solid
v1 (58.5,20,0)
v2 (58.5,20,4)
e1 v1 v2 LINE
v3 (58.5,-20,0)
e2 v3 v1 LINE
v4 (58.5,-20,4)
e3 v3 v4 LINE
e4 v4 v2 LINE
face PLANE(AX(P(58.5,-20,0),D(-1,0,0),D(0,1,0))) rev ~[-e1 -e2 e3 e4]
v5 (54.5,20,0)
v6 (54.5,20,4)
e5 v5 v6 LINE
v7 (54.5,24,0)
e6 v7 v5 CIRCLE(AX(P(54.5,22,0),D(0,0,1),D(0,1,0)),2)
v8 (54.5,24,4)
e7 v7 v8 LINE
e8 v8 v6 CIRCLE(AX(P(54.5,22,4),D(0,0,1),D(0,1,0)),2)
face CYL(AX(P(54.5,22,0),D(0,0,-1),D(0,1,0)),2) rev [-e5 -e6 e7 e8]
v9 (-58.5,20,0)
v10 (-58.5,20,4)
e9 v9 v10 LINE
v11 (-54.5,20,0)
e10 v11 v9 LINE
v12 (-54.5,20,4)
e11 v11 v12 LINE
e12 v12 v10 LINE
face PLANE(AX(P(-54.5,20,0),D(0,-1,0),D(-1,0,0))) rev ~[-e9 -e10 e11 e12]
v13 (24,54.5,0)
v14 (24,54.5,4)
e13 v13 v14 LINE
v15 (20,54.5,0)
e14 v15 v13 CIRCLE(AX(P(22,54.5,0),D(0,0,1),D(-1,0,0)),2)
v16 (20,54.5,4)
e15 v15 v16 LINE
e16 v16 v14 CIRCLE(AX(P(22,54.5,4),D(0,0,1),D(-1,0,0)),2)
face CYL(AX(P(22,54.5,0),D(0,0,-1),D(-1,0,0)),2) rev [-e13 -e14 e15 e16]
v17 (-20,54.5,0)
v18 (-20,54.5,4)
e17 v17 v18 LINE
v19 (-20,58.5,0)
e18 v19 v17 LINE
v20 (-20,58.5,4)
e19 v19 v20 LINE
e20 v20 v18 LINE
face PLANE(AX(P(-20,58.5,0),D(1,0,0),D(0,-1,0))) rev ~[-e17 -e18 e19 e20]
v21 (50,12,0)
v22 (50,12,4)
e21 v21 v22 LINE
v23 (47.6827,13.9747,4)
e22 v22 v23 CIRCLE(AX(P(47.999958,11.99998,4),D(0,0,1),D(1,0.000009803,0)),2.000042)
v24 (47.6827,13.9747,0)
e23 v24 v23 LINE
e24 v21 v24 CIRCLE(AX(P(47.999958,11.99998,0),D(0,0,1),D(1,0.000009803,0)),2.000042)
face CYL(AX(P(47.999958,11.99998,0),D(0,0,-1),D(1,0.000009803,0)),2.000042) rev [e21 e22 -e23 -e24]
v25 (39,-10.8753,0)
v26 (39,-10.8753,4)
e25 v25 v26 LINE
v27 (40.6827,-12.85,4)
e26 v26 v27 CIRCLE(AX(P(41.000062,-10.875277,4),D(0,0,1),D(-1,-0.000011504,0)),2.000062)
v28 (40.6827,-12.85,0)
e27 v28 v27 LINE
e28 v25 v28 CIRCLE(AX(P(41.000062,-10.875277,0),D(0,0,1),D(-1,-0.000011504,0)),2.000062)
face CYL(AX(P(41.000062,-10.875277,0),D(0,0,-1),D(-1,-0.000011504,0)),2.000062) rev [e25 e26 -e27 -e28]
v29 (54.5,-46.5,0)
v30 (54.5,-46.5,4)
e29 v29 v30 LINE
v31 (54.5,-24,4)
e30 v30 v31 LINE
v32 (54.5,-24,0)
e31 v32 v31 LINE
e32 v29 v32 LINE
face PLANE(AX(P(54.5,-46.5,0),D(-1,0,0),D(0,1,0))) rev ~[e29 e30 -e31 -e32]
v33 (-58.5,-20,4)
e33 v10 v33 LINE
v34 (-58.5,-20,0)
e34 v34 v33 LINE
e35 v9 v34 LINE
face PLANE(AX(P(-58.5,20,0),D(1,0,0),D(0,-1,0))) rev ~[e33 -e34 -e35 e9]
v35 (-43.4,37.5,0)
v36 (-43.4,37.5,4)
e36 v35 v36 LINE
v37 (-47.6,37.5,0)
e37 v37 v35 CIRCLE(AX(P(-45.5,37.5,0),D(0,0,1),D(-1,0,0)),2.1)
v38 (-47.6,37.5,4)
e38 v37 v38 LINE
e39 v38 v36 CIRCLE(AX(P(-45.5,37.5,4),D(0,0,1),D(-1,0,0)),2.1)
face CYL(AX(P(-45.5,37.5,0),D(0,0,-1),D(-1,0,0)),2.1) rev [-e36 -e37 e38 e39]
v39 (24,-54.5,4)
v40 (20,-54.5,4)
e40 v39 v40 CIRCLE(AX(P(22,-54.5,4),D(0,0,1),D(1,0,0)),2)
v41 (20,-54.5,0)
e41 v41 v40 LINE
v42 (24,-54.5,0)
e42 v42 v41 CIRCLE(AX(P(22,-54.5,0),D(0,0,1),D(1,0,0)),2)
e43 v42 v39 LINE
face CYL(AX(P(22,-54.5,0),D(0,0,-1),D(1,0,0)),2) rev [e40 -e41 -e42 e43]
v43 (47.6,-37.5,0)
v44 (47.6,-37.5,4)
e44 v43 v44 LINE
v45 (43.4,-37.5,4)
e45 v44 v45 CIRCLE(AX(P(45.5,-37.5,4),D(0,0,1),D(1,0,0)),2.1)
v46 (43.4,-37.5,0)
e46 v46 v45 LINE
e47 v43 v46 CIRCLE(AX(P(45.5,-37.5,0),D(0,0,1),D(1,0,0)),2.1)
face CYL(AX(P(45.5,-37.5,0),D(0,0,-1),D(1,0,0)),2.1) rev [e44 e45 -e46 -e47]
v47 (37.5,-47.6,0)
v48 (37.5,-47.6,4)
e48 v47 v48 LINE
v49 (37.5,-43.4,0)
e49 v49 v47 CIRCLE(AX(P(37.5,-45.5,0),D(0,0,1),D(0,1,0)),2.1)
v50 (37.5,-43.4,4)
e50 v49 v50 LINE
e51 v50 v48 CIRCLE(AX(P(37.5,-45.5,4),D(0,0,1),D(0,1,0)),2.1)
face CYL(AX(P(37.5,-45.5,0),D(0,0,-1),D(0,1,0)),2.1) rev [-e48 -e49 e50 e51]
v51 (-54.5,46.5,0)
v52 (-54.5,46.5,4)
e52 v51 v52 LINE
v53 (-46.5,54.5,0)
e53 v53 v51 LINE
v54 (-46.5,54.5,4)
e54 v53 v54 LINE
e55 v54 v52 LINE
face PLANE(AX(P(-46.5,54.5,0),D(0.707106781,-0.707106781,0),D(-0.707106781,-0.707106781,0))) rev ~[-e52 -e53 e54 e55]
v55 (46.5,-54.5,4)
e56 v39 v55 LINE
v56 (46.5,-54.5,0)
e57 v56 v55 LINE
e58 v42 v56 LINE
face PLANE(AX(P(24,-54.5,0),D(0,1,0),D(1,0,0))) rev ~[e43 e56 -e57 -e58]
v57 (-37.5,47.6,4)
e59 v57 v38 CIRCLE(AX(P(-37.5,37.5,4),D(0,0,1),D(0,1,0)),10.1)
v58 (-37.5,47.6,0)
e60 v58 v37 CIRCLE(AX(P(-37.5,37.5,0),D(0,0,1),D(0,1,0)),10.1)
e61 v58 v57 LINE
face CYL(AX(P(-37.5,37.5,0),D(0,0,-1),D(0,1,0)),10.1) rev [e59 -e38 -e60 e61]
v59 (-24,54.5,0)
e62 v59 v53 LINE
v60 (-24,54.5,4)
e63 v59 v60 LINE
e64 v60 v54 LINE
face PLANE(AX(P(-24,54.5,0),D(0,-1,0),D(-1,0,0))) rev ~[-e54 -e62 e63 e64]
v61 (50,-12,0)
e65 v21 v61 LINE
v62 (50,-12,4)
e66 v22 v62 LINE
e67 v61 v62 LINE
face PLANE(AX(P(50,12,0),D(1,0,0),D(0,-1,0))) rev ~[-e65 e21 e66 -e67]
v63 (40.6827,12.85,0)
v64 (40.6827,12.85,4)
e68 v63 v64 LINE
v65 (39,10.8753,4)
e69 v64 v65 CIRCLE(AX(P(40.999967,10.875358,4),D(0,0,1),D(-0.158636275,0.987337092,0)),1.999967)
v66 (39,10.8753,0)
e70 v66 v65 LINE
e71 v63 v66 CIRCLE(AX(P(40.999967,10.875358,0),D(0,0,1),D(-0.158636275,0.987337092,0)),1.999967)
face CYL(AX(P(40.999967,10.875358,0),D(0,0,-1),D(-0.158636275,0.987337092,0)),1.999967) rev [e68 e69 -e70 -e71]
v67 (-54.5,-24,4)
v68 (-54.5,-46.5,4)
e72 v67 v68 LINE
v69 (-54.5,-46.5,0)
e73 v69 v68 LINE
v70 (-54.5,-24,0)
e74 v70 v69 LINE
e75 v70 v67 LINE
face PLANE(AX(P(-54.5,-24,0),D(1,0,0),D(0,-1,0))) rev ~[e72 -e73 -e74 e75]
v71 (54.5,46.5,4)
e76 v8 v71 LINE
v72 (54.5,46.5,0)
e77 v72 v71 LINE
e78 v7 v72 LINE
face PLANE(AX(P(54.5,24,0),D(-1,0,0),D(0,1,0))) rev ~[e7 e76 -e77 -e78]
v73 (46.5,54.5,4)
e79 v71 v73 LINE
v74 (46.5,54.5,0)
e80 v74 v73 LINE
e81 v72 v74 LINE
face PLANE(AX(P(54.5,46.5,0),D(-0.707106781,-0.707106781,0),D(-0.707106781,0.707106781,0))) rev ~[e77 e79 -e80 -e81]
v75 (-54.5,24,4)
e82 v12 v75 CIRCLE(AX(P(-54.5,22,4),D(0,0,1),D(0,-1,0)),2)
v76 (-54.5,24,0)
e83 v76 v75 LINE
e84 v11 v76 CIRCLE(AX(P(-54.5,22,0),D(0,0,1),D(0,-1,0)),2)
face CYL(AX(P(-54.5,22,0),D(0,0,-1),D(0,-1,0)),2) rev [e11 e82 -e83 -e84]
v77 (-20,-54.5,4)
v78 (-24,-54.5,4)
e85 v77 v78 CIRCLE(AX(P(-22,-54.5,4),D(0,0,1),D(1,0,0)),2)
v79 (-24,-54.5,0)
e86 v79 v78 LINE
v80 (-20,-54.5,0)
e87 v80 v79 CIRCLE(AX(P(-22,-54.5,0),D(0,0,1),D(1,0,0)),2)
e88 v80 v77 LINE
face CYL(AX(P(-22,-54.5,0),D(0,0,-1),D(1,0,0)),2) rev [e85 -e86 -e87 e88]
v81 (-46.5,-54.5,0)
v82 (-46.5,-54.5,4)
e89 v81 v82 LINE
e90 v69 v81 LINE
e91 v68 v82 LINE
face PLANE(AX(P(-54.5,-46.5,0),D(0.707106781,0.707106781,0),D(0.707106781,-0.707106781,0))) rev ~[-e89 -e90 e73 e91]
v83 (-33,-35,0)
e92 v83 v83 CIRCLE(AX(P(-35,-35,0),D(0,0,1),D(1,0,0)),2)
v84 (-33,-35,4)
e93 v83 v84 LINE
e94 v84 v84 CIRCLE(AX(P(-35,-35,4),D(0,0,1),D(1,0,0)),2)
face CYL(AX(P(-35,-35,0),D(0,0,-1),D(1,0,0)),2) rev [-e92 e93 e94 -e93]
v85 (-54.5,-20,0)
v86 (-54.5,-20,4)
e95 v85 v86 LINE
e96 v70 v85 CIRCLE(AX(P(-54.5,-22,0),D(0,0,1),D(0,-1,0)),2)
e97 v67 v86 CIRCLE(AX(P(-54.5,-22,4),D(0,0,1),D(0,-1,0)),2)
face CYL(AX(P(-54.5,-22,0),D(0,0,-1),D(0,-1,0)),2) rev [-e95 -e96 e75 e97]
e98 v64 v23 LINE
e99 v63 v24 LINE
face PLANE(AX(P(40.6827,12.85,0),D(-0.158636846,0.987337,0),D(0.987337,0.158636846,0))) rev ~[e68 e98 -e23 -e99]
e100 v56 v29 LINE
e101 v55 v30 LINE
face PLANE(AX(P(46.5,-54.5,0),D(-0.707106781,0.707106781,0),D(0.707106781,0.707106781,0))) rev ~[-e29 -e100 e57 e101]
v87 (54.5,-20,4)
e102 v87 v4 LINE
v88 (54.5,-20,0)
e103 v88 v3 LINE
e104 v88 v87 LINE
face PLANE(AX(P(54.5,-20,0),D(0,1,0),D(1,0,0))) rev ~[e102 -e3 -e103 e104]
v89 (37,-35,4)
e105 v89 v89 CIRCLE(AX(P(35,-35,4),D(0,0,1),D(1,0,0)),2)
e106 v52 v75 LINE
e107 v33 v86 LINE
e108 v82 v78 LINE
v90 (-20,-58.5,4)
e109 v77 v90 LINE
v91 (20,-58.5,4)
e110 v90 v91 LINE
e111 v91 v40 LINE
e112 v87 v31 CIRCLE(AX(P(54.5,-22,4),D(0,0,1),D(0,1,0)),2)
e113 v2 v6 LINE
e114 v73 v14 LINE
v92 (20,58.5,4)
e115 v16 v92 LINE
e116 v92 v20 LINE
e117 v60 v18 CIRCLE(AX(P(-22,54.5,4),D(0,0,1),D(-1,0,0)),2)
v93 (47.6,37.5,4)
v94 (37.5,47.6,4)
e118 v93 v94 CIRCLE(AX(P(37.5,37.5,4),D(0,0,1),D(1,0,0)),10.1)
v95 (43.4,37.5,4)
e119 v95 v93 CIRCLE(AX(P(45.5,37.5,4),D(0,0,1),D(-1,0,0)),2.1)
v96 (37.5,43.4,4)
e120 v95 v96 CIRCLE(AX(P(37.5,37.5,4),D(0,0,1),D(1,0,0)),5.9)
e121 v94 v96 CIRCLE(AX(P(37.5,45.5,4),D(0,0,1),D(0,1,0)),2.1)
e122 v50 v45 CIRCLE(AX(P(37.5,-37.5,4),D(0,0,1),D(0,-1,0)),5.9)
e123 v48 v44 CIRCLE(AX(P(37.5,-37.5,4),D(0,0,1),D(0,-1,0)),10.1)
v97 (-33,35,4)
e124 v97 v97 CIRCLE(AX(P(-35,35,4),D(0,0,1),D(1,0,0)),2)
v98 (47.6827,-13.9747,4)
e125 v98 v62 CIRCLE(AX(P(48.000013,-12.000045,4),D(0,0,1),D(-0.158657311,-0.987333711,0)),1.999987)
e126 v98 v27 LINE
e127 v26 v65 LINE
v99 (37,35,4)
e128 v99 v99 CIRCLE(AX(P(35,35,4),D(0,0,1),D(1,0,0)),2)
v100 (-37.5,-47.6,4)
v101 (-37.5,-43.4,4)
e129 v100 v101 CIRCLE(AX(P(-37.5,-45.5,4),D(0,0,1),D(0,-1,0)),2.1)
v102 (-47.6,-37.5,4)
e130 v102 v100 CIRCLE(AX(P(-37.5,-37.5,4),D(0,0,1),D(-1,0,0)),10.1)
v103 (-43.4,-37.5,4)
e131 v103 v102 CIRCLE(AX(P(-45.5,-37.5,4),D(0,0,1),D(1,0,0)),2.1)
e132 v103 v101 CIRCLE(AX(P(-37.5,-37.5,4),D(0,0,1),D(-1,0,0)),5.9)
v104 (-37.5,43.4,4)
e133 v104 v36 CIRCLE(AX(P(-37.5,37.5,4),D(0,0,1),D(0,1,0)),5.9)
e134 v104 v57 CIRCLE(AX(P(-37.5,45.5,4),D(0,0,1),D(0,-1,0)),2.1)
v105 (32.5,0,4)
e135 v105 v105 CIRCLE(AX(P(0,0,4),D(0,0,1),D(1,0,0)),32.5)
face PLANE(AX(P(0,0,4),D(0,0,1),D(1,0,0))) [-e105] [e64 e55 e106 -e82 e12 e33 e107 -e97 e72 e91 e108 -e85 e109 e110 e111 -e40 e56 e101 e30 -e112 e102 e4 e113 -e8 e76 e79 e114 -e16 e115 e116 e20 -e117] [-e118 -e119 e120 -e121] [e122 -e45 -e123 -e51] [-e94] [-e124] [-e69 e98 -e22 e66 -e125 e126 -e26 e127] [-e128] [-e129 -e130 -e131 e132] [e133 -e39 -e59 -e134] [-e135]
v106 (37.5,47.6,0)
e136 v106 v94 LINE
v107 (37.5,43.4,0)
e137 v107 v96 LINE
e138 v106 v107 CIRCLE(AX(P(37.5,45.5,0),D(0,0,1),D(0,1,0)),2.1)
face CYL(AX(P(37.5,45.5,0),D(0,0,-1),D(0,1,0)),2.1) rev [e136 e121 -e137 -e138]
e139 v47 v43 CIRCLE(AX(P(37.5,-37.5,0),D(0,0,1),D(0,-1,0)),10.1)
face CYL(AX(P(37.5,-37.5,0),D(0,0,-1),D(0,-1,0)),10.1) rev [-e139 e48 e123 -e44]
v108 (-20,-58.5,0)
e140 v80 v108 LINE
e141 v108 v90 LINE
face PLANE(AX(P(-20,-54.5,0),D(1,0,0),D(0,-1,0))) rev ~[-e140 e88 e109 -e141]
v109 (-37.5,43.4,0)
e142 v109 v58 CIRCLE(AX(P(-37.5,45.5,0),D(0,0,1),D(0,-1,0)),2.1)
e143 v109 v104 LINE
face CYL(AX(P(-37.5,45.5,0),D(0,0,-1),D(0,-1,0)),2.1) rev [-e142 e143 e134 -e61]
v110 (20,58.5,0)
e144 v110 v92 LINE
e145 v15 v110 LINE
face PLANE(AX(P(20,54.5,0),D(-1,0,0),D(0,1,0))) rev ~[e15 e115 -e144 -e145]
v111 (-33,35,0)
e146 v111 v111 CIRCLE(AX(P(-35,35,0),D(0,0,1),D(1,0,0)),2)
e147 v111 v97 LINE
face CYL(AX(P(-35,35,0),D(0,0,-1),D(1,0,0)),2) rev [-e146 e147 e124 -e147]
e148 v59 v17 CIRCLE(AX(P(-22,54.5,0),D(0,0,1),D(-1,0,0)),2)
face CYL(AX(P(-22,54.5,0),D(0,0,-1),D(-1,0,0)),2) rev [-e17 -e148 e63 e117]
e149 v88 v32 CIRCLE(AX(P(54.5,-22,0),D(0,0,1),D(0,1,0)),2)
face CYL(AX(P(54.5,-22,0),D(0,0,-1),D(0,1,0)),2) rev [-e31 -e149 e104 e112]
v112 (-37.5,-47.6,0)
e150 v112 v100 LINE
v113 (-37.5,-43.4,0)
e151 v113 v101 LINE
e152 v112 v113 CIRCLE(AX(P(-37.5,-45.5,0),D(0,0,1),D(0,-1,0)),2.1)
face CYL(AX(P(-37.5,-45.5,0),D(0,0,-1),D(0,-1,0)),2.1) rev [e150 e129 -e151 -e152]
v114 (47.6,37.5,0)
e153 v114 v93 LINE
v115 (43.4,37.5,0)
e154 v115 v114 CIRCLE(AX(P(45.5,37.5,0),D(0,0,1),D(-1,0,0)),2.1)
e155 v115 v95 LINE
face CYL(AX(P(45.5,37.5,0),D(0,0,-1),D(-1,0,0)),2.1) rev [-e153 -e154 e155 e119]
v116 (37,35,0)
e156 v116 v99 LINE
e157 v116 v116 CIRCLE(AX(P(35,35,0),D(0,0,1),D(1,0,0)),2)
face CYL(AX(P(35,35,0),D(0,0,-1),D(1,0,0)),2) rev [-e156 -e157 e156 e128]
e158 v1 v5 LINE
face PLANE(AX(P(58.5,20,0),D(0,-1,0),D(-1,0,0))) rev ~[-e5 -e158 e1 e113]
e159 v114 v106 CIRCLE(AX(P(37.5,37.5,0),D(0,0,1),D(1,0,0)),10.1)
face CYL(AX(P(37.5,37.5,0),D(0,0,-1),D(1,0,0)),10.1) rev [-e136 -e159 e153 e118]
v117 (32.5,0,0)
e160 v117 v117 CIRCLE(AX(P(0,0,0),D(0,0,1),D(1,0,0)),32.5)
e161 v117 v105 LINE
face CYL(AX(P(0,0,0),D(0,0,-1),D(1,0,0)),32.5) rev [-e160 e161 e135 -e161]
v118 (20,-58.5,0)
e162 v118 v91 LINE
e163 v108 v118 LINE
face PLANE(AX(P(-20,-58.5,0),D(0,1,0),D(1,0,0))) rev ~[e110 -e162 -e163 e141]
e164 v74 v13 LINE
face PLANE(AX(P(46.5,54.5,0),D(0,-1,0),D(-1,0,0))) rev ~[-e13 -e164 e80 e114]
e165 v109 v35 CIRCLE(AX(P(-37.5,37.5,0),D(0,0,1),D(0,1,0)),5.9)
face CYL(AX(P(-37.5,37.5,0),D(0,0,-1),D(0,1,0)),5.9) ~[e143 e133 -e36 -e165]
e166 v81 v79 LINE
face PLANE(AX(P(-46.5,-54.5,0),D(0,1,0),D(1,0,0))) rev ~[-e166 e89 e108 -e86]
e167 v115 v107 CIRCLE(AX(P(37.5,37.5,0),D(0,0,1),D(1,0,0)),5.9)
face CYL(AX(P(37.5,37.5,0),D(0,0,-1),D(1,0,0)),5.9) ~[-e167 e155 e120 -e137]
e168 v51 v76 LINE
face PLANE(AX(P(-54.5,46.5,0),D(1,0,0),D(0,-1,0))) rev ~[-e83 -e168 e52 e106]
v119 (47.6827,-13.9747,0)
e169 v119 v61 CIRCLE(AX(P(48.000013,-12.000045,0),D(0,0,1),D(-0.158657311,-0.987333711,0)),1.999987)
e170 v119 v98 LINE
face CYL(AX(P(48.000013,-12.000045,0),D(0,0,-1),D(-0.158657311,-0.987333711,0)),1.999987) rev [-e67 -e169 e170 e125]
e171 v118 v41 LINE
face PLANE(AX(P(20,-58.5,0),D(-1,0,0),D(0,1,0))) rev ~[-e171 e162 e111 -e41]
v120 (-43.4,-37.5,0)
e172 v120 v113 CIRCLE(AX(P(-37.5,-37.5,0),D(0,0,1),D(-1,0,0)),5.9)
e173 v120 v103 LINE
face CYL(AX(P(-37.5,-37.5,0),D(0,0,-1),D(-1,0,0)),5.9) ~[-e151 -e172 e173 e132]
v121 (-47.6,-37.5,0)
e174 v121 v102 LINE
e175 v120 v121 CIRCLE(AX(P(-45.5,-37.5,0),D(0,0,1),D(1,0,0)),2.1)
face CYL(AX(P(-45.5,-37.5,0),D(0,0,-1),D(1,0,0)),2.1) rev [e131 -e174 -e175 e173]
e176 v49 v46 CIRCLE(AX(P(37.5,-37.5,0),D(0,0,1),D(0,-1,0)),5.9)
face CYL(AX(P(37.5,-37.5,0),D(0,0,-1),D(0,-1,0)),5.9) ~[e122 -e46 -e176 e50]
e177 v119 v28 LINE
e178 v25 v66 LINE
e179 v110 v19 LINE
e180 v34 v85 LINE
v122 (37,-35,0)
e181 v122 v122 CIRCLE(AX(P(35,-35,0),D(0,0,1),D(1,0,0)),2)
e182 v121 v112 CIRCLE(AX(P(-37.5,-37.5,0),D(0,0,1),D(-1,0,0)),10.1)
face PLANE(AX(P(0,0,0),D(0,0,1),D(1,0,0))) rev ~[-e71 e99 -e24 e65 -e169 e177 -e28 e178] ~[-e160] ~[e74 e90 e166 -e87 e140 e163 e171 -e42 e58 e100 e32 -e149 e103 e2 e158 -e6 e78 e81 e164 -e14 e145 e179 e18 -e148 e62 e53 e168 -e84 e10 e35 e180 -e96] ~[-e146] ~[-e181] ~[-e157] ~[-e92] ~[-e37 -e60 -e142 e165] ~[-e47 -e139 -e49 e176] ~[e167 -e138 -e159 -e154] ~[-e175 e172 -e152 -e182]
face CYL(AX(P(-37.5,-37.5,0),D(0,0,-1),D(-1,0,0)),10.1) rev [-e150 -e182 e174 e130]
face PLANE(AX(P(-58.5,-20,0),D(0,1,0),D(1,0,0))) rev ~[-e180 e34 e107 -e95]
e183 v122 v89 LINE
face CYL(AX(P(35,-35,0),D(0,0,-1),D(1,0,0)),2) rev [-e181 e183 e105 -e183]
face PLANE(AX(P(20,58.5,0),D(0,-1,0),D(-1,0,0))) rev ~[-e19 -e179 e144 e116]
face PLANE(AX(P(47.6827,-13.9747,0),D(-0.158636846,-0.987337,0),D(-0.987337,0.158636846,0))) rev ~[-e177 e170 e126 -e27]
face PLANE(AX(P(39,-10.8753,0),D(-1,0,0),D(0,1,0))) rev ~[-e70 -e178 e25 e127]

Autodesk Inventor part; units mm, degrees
ref_plane "YZ Plane" through (0, 0, 0) normal (1, 0, 0) x (0, 1, 0)
ref_plane "XZ Plane" through (0, 0, 0) normal (0, 1, 0) x (-1, 0, 0)
ref_plane "XY Plane" through (0, 0, 0) normal (0, 0, 1) x (1, 0, 0)
sketch "Boceto1" plane through (0, 0, 0) normal (0, 0, 1) x (1, 0, 0)
  line L0 (35, 35) -> (-35, 35) construction
  line L1 (-35, 35) -> (-35, -35) construction
  line L2 (-35, -35) -> (35, -35) construction
  line L3 (35, -35) -> (35, 35) construction
  circle A0 centre (35, 35) radius 2
  circle A1 centre (35, -35) radius 2
  circle A2 centre (-35, -35) radius 2
  circle A3 centre (-35, 35) radius 2
  circle A4 centre (0, 0) radius 32.5
  line L4 (50, 12) -> (50, -12)
  arc A5 (47.6827, -13.9747) -> (50, -12) centre (48, -12) ccw
  line L5 (47.6827, -13.9747) -> (40.6827, -12.85)
  arc A6 (39, -10.8753) -> (40.6827, -12.85) centre (41, -10.8753) ccw
  line L6 (39, -10.8753) -> (39, 10.8753)
  arc A7 (40.6827, 12.85) -> (39, 10.8753) centre (41, 10.8753) ccw
  line L7 (40.6827, 12.85) -> (47.6827, 13.9747)
  arc A8 (50, 12) -> (47.6827, 13.9747) centre (48, 12) ccw
  line L8 (0, 7) -> (32, 7) construction
  line L9 (32, 7) -> (32, 31) construction
  line L10 (32, 31) -> (0, 31) construction
  line L11 (0, 31) -> (0, 7) construction
  line L12 (29.5, -31) -> (29.5, -12) construction
  line L13 (29.5, -12) -> (2.5, -12) construction
  line L14 (2.5, -12) -> (2.5, -31) construction
  line L15 (2.5, -31) -> (29.5, -31) construction
  arc A9 (-37.5, -47.6) -> (-37.5, -43.4) centre (-37.5, -45.5) ccw projected
  arc A10 (-43.4, -37.5) -> (-37.5, -43.4) centre (-37.5, -37.5) ccw projected
  arc A11 (-43.4, -37.5) -> (-47.6, -37.5) centre (-45.5, -37.5) ccw projected
  arc A12 (-47.6, -37.5) -> (-37.5, -47.6) centre (-37.5, -37.5) ccw projected
  arc A13 (-47.6, 37.5) -> (-43.4, 37.5) centre (-45.5, 37.5) ccw projected
  arc A14 (-37.5, 43.4) -> (-43.4, 37.5) centre (-37.5, 37.5) ccw projected
  arc A15 (-37.5, 43.4) -> (-37.5, 47.6) centre (-37.5, 45.5) ccw projected
  arc A16 (-37.5, 47.6) -> (-47.6, 37.5) centre (-37.5, 37.5) ccw projected
  arc A17 (37.5, 47.6) -> (37.5, 43.4) centre (37.5, 45.5) ccw projected
  arc A18 (43.4, 37.5) -> (37.5, 43.4) centre (37.5, 37.5) ccw projected
  arc A19 (43.4, 37.5) -> (47.6, 37.5) centre (45.5, 37.5) ccw projected
  arc A20 (47.6, 37.5) -> (37.5, 47.6) centre (37.5, 37.5) ccw projected
  arc A21 (37.5, -43.4) -> (37.5, -47.6) centre (37.5, -45.5) ccw projected
  arc A22 (37.5, -47.6) -> (47.6, -37.5) centre (37.5, -37.5) ccw projected
  arc A23 (47.6, -37.5) -> (43.4, -37.5) centre (45.5, -37.5) ccw projected
  arc A24 (37.5, -43.4) -> (43.4, -37.5) centre (37.5, -37.5) ccw projected
  line L16 (-58.5, 20) -> (-58.5, -20) projected
  line L17 (-54.5, 20) -> (-58.5, 20) projected
  arc A25 (-54.5, 20) -> (-54.5, 24) centre (-54.5, 22) ccw projected
  line L18 (-54.5, 46.5) -> (-54.5, 24) projected
  line L19 (-46.5, 54.5) -> (-54.5, 46.5) projected
  line L20 (-24, 54.5) -> (-46.5, 54.5) projected
  arc A26 (-24, 54.5) -> (-20, 54.5) centre (-22, 54.5) ccw projected
  line L21 (-20, 58.5) -> (-20, 54.5) projected
  line L22 (20, 58.5) -> (-20, 58.5) projected
  line L23 (20, 54.5) -> (20, 58.5) projected
  arc A27 (20, 54.5) -> (24, 54.5) centre (22, 54.5) ccw projected
  line L24 (46.5, 54.5) -> (24, 54.5) projected
  line L25 (54.5, 46.5) -> (46.5, 54.5) projected
  line L26 (54.5, 24) -> (54.5, 46.5) projected
  arc A28 (54.5, 24) -> (54.5, 20) centre (54.5, 22) ccw projected
  line L27 (58.5, 20) -> (54.5, 20) projected
  line L28 (58.5, -20) -> (58.5, 20) projected
  line L29 (54.5, -20) -> (58.5, -20) projected
  arc A29 (54.5, -20) -> (54.5, -24) centre (54.5, -22) ccw projected
  line L30 (54.5, -46.5) -> (54.5, -24) projected
  line L31 (46.5, -54.5) -> (54.5, -46.5) projected
  line L32 (24, -54.5) -> (46.5, -54.5) projected
  arc A30 (24, -54.5) -> (20, -54.5) centre (22, -54.5) ccw projected
  line L33 (20, -58.5) -> (20, -54.5) projected
  line L34 (-20, -58.5) -> (20, -58.5) projected
  line L35 (-20, -54.5) -> (-20, -58.5) projected
  arc A31 (-20, -54.5) -> (-24, -54.5) centre (-22, -54.5) ccw projected
  line L36 (-46.5, -54.5) -> (-24, -54.5) projected
  line L37 (-54.5, -46.5) -> (-46.5, -54.5) projected
  line L38 (-54.5, -24) -> (-54.5, -46.5) projected
  arc A32 (-54.5, -24) -> (-54.5, -20) centre (-54.5, -22) ccw projected
  line L39 (-58.5, -20) -> (-54.5, -20) projected
  point P0 (35, 0)
  point P1 (58.5, 0)
  point P2 (0, 35)
  point P3 (39, 0)
  point P4 (50, 0)
  dimension "d0" = 70
  dimension "d1" = 4
  dimension "d2" = 65
  dimension "d3" = 2
  dimension "d4" = 11
  dimension "d5" = 28
  dimension "d6" = 25.7
  dimension "d8" = 4
extrude "Extrusión1" add sketch "Boceto1" along normal blind 4
properties part number "tapa ventilador"
